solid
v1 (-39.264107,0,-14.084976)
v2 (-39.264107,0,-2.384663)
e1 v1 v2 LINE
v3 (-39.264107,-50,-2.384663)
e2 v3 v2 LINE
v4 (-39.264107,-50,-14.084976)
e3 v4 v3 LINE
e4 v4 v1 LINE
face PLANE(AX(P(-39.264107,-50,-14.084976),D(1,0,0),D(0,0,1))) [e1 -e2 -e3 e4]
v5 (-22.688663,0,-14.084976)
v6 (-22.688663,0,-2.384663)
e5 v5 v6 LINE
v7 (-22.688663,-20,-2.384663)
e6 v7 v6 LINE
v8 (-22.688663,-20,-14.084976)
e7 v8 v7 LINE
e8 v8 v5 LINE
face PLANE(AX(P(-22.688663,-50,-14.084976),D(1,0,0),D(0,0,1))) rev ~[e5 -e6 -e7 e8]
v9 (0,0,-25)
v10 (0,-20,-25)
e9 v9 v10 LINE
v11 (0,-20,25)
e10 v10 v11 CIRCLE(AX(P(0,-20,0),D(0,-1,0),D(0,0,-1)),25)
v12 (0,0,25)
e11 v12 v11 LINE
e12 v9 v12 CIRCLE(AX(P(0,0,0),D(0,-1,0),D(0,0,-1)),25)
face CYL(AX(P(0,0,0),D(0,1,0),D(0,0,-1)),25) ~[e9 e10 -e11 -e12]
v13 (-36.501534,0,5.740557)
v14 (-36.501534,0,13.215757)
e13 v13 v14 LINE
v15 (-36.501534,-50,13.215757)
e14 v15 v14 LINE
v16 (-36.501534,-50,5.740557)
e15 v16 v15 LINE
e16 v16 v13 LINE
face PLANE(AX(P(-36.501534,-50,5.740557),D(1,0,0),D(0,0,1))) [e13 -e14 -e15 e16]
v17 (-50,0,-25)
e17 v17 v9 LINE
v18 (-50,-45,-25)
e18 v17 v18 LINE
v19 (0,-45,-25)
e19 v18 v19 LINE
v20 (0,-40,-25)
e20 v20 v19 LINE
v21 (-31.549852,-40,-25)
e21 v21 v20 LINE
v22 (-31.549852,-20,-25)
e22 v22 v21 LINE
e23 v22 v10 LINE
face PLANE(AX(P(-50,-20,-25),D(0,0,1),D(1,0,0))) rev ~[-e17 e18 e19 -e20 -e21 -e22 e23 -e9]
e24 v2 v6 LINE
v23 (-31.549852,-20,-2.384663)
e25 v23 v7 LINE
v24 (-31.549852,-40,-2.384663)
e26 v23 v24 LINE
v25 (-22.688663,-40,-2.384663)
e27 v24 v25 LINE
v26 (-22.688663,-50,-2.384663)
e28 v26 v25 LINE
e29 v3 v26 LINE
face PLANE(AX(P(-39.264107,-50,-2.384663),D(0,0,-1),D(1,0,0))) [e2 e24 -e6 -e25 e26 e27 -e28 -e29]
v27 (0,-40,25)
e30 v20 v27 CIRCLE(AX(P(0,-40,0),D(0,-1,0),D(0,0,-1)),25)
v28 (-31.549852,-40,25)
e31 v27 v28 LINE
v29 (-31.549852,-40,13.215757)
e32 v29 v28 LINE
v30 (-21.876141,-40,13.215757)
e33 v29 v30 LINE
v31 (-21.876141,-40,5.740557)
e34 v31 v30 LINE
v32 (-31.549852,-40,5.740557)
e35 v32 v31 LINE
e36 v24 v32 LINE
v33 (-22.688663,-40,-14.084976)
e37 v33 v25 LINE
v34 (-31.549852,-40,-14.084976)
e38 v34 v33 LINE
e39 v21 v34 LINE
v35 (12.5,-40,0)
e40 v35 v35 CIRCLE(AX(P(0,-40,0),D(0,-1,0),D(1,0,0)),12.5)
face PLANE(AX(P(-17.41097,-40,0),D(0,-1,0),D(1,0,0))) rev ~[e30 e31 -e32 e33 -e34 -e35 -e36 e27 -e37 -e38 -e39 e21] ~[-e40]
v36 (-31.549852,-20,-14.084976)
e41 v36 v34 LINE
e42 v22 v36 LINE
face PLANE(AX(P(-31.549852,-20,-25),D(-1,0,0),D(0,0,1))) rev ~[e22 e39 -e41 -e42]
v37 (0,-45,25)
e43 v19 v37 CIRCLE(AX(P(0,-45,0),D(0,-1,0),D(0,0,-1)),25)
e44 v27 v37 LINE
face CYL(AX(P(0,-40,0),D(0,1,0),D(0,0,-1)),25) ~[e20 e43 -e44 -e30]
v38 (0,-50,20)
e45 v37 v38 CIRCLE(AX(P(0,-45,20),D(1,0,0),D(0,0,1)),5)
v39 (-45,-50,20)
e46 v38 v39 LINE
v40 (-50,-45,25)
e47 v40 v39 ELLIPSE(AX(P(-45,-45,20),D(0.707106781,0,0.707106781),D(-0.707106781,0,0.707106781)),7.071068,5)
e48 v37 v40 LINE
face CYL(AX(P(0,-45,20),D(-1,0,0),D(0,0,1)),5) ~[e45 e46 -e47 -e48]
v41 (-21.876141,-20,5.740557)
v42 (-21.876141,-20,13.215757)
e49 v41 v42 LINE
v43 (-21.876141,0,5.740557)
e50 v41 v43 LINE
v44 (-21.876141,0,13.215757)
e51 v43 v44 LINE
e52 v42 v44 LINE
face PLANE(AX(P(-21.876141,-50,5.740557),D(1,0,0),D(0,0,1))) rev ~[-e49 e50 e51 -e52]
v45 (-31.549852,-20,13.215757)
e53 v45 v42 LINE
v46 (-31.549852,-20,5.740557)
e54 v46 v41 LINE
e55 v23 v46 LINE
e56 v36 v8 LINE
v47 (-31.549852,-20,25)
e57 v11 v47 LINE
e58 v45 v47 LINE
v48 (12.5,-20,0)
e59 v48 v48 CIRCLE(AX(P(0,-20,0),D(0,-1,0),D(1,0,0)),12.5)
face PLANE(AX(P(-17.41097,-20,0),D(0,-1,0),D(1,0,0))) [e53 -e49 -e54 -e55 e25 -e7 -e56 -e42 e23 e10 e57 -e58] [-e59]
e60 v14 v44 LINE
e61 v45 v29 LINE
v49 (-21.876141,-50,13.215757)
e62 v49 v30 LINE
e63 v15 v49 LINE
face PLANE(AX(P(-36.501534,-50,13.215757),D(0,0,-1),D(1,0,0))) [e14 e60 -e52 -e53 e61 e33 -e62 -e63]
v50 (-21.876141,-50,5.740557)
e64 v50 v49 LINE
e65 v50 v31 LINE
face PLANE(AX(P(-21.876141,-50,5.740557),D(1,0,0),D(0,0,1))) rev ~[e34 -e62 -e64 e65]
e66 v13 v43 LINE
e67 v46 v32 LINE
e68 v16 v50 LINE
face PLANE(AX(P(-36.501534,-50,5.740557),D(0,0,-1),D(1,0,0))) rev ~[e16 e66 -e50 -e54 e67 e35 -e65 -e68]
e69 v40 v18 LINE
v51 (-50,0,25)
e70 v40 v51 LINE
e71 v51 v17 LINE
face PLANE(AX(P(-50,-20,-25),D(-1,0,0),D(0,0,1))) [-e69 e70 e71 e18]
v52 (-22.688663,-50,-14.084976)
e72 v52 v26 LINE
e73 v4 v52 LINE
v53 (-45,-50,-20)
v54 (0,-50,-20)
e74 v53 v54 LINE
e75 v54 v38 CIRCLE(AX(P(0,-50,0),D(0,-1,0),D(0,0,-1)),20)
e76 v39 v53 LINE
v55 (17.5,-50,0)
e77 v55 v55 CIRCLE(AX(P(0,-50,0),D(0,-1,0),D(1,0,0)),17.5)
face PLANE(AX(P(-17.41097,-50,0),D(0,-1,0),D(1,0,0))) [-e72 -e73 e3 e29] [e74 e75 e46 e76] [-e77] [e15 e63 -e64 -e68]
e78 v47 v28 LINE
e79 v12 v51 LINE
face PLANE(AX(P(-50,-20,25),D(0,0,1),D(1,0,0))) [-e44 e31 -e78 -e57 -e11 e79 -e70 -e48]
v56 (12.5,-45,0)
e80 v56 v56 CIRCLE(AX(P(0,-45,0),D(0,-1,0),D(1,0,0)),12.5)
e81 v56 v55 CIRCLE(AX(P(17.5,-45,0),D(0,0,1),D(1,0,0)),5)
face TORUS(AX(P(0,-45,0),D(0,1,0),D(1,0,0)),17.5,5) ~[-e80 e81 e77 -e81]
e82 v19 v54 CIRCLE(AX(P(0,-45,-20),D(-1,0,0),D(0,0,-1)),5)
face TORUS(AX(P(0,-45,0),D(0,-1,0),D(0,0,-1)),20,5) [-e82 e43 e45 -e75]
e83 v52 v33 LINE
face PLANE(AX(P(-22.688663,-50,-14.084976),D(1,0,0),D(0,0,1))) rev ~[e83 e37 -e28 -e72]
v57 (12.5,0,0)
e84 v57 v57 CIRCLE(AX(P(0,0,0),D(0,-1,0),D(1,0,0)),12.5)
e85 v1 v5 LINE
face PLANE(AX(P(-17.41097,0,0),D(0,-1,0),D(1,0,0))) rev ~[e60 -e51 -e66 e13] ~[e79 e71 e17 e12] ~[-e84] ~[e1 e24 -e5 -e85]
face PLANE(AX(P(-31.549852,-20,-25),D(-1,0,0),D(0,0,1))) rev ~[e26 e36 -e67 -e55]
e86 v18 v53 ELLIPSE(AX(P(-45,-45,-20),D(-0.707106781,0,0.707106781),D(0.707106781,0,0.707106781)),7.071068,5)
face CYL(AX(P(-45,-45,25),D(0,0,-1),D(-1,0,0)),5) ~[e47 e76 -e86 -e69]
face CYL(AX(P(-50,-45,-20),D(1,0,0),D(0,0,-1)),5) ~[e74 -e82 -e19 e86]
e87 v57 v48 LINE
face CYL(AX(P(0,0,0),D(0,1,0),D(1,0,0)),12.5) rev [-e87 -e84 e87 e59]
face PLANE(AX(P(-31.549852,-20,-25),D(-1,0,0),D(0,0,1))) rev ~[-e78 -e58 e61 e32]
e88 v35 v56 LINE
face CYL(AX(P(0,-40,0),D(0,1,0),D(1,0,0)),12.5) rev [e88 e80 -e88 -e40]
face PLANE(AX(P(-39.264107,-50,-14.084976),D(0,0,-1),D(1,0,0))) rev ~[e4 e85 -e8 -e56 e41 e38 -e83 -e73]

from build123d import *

# Parameters (mm, degrees)
F0_R     = 12.5
F1_DEPTH = 20
F3_R     = 12.5
F4_DEPTH = 10
F5_W     = 18.4501476586
F5_H     = 50
F6_DEPTH = 20
F7_R     = 5
F8_W     = 14.6253928542
F8_H     = 7.4752001092
F8_W_2   = 16.5754444897
F8_H_2   = 11.7003135383
F9_DEPTH = 50.001


with BuildPart() as f1:
    # F0 (on Front) → F1 (new body)
    with BuildSketch(Plane.XZ):
        with BuildLine():
            Line((-50, -25), (0, -25))
            ThreePointArc((0, -25), (25, 0), (0, 25))
            Line((0, 25), (-50, 25))
            Line((-50, 25), (-50, -25))
        make_face()
        Circle(F0_R, mode=Mode.SUBTRACT)
    extrude(amount=F1_DEPTH)



with BuildPart() as f4:
    # F3 (on offset) → F4 (new body)
    with BuildSketch(Plane.XZ.offset(40)):
        with BuildLine():
            Line((-50, 25), (-50, -25))
            Line((-50, -25), (0, -25))
            ThreePointArc((0, -25), (25, 0), (0, 25))
            Line((0, 25), (-50, 25))
        make_face()
        Circle(F3_R, mode=Mode.SUBTRACT)
    extrude(amount=F4_DEPTH)


with BuildPart() as f1_1:
    add(f1.part)

    add(f4.part)  # F6 merges F4
    # F5 (on face) → F6 (join, through all)
    with BuildSketch(Plane.XZ.offset(20)):
        with Locations((-40.7749261707, 0)):
            Rectangle(F5_W, F5_H)
    extrude(amount=F6_DEPTH)

    # F7
    f7_edges = [f1_1.edges().sort_by_distance(p)[0] for p in [
        (-25, -50, 25),
        (-50, -50, 0),
        (-25, -50, -25),
        (25, -50, 0),
        (-12.5, -50, 0),
    ]]
    fillet(f7_edges, radius=F7_R)

    # F8 (on face) → F9 (cut, through all)
    with BuildSketch(Plane.XZ.offset(50)):
        with Locations((-29.1888378561, 9.4781569205)):
            Rectangle(F8_W, F8_H)
        with Locations((-30.9763848782, -8.2348193973)):
            Rectangle(F8_W_2, F8_H_2)
    extrude(amount=-F9_DEPTH, mode=Mode.SUBTRACT)


solid = f1_1.part
